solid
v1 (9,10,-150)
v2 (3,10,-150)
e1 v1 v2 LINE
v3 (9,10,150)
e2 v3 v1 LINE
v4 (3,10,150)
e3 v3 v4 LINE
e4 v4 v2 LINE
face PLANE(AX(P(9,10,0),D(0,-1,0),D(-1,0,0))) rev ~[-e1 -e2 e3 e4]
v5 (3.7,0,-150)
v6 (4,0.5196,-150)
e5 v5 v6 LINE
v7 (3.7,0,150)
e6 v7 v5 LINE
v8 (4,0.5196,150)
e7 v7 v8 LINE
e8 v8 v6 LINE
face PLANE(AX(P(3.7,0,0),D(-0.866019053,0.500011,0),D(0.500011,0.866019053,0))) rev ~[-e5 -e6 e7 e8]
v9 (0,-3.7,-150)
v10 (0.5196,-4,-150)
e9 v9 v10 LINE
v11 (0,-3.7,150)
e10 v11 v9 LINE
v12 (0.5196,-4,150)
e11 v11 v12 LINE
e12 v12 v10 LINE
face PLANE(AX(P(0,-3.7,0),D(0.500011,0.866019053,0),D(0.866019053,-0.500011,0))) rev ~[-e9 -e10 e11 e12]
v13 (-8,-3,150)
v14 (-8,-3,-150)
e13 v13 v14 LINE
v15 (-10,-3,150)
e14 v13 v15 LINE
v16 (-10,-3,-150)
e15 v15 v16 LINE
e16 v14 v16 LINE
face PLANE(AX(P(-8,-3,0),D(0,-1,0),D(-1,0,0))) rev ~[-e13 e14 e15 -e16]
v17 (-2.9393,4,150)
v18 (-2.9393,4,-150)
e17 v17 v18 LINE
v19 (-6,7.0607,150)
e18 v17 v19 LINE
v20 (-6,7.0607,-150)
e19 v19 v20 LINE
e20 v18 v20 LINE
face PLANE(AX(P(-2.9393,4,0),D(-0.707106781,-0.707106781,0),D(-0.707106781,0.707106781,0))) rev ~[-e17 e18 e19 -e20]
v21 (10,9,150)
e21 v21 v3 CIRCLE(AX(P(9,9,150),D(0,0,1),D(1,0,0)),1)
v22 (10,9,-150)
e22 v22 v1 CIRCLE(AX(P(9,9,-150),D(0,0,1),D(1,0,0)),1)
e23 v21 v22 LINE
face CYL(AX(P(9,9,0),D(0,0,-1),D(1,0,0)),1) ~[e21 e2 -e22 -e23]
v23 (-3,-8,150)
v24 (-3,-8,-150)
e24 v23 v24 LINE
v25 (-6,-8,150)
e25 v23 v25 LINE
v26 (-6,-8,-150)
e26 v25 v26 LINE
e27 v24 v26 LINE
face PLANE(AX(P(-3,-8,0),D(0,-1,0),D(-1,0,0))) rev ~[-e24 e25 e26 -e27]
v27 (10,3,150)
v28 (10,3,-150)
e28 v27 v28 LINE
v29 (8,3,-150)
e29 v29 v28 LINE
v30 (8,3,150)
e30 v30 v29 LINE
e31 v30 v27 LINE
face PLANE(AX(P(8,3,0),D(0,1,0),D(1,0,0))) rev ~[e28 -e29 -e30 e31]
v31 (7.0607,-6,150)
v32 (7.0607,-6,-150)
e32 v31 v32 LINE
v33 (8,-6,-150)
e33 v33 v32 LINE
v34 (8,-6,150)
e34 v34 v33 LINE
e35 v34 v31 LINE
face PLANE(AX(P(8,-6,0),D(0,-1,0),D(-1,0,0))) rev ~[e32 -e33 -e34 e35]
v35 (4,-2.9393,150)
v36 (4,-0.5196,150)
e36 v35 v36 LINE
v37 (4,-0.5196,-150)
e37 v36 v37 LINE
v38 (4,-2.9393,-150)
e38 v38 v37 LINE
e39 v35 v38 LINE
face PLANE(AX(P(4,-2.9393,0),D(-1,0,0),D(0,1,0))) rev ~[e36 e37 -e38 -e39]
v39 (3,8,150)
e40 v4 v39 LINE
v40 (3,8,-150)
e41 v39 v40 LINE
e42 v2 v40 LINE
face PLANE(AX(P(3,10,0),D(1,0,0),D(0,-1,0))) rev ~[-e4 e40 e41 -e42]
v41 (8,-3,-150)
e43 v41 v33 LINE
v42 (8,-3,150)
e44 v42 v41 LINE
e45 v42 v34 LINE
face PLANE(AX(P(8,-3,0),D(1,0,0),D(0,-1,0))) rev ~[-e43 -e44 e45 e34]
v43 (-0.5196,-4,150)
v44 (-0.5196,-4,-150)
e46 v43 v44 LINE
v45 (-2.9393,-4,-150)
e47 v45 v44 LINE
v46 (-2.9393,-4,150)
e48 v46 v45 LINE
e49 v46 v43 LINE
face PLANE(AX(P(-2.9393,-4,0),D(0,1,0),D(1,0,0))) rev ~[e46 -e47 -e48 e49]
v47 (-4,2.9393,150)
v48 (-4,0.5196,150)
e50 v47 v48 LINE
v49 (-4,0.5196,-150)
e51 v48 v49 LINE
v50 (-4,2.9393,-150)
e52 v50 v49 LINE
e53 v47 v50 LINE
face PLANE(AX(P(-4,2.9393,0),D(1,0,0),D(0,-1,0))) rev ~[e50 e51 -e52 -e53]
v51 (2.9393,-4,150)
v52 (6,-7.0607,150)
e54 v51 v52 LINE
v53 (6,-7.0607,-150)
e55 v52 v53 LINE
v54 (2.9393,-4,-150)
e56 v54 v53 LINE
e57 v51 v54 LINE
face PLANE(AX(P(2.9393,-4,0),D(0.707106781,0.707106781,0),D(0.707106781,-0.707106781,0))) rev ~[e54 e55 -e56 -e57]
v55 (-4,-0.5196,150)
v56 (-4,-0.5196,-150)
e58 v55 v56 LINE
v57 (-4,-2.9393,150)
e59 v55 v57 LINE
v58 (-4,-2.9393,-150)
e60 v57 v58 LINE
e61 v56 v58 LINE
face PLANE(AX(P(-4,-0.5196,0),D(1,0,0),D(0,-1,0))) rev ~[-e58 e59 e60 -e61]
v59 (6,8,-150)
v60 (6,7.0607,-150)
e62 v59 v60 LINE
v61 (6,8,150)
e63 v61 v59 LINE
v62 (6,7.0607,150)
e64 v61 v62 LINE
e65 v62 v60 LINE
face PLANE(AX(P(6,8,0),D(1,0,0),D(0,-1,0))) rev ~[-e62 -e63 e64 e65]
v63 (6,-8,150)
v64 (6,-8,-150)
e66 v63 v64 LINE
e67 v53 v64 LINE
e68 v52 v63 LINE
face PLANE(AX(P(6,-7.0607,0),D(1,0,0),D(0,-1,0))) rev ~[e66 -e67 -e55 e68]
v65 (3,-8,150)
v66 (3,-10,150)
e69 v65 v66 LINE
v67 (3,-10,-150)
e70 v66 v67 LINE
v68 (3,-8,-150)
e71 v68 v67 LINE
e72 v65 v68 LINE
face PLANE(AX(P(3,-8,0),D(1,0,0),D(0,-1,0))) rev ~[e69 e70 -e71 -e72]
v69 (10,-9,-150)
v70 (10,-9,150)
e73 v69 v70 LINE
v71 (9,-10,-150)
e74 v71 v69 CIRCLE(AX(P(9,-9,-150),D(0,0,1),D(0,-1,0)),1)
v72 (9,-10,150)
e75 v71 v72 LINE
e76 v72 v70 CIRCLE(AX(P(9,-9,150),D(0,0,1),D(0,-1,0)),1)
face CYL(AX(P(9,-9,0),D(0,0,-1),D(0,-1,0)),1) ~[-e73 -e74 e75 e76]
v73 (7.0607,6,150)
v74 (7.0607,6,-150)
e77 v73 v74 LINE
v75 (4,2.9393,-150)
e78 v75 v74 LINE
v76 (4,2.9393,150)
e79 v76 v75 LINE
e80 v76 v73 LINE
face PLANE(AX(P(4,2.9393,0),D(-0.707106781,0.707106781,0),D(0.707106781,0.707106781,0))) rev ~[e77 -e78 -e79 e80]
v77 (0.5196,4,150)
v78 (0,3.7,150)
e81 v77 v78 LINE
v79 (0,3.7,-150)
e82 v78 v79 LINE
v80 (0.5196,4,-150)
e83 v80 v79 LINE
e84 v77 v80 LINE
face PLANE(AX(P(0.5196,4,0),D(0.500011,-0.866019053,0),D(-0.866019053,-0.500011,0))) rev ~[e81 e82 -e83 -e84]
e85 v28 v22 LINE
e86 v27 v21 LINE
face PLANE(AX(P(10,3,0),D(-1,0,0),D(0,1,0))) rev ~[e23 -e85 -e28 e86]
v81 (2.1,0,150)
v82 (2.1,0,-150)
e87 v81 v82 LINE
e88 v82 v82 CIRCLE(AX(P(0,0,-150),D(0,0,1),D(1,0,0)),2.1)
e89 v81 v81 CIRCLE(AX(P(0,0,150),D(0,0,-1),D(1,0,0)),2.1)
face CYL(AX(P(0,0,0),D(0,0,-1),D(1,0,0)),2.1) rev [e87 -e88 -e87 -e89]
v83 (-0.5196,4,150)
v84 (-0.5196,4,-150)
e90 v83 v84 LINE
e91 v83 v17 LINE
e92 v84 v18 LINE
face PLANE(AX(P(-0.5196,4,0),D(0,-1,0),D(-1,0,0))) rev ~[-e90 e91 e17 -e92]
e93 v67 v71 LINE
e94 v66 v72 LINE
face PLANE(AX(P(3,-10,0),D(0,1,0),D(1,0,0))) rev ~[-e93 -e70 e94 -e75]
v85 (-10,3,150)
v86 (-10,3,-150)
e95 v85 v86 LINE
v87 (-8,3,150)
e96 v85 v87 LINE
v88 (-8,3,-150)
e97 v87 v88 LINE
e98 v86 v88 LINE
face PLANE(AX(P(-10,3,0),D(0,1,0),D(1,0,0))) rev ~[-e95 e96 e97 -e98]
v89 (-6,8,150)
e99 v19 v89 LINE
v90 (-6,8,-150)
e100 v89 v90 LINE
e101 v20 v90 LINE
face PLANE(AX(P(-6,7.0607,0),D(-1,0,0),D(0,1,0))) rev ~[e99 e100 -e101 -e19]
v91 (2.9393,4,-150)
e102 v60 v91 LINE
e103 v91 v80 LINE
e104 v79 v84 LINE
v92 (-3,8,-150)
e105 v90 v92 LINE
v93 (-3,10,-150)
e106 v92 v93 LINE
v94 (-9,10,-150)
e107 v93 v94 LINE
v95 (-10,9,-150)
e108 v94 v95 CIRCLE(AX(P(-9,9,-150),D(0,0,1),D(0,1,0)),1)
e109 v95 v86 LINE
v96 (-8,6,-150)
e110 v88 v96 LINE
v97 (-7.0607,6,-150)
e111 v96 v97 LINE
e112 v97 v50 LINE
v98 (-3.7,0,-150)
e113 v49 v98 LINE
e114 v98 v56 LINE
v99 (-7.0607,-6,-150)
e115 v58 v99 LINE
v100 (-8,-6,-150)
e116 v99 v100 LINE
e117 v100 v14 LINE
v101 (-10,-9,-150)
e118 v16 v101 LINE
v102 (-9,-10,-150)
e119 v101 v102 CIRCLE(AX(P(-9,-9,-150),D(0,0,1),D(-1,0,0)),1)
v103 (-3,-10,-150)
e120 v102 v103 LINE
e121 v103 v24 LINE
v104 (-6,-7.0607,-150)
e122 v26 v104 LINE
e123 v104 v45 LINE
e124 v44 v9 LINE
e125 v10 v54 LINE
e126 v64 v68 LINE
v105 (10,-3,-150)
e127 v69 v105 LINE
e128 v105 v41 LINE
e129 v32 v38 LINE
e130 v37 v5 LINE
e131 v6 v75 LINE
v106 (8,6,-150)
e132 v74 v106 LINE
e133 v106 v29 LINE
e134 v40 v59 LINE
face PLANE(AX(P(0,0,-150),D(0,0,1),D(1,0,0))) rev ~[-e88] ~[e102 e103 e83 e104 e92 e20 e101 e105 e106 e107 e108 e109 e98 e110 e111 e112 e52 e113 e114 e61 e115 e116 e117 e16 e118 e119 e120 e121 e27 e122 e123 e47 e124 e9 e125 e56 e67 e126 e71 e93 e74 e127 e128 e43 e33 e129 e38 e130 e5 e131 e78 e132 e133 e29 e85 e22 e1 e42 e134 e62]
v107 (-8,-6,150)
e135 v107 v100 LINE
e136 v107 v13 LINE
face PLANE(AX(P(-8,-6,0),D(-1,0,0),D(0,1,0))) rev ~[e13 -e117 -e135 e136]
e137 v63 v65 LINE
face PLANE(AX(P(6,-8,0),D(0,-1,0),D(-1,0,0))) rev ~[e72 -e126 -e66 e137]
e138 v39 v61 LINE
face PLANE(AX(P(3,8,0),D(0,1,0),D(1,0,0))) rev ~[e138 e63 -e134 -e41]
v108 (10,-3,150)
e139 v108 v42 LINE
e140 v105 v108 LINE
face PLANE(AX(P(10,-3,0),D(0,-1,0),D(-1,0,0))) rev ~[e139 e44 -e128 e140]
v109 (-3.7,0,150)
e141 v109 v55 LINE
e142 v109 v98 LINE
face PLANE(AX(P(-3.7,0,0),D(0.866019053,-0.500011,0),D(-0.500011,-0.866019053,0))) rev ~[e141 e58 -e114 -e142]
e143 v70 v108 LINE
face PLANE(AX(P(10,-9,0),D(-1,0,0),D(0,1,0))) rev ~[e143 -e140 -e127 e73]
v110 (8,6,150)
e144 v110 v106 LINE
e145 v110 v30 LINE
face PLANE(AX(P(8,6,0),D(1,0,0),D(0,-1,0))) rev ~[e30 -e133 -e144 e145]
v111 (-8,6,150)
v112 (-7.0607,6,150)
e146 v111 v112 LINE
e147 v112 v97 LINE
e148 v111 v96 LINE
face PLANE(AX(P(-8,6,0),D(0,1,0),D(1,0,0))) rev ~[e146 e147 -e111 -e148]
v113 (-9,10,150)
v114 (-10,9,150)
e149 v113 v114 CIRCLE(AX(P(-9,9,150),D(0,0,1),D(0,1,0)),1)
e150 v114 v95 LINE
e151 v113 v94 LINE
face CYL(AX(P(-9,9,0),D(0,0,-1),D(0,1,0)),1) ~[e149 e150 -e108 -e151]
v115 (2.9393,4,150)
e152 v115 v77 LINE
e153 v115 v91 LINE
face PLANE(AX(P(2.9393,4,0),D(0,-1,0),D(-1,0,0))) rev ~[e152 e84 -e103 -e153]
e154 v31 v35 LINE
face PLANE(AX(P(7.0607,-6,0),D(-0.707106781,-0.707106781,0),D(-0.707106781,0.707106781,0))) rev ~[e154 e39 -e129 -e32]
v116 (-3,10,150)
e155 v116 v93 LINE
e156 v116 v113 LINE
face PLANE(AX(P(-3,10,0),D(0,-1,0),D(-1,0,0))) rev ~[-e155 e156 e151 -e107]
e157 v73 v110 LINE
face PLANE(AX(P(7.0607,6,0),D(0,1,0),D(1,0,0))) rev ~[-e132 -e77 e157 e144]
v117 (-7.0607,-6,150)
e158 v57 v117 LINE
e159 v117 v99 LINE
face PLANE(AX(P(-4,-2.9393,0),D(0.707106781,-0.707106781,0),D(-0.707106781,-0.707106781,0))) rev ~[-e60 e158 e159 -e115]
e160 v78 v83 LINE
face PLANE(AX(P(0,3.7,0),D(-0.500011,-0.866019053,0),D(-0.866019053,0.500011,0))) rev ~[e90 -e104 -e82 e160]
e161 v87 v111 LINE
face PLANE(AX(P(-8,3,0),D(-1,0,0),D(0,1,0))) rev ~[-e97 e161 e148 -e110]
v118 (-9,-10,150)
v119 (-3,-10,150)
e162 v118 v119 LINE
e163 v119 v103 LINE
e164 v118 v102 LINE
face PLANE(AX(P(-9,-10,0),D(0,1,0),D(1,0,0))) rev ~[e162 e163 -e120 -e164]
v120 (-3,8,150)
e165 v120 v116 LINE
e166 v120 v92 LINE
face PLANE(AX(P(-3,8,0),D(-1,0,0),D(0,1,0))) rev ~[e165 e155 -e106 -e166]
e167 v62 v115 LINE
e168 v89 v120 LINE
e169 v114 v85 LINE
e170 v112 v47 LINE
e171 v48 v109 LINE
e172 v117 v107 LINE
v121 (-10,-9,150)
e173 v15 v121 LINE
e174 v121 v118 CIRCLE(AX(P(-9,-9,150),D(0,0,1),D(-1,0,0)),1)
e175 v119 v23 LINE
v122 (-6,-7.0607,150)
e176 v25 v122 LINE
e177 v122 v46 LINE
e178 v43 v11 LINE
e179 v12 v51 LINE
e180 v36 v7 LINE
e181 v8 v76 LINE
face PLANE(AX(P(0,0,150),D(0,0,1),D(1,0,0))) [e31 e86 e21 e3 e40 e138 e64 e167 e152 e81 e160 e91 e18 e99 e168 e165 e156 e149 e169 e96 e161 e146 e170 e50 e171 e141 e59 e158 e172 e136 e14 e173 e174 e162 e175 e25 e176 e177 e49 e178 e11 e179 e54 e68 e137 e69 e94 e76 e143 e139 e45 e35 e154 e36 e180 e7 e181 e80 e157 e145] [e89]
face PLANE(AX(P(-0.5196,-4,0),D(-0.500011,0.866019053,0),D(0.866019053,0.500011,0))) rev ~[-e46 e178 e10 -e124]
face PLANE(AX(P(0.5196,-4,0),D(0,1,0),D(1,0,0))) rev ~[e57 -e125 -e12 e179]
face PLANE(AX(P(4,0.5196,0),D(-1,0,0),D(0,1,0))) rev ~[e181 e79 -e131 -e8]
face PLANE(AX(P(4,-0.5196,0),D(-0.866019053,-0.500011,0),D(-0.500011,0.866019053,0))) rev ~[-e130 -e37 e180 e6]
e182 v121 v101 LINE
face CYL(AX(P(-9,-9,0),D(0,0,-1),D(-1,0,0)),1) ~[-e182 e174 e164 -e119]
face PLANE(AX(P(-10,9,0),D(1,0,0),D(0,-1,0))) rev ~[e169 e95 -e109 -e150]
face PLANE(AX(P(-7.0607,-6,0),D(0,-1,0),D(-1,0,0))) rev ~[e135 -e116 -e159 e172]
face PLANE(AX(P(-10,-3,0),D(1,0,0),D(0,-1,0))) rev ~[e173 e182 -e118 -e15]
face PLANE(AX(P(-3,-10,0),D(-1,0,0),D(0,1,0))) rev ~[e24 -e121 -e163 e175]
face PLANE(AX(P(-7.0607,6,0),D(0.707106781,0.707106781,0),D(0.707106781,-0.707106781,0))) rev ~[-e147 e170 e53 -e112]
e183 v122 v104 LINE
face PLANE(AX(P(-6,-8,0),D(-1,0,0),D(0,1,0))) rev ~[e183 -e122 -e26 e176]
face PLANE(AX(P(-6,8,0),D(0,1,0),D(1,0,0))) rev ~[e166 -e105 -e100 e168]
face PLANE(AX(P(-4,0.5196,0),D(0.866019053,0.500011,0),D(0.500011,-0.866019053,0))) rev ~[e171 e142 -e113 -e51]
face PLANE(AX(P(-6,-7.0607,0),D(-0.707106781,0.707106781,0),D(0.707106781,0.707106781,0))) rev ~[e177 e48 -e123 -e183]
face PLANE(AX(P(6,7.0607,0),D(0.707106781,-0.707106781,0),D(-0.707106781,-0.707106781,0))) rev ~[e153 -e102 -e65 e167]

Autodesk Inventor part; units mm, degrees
ref_plane "YZ Plane" through (0, 0, 0) normal (1, 0, 0) x (0, 1, 0)
ref_plane "XZ Plane" through (0, 0, 0) normal (0, 1, 0) x (-1, 0, 0)
ref_plane "XY Plane" through (0, 0, 0) normal (0, 0, 1) x (1, 0, 0)
sketch "Sketch1" plane through (0, 0, 0) normal (0, 0, 1) x (1, 0, 0)
  line L0 (-2.205, 0) -> (2.205, 0)
  line L1 (0, -2.205) -> (0, 2.205)
  arc A0 (9, -10) -> (10, -9) centre (9, -9) ccw
  line L2 (-10, 9) -> (-10, 3)
  line L3 (-10, 3) -> (-8, 3)
  line L4 (-8, 3) -> (-8, 6)
  line L5 (-8, 6) -> (-7.0607, 6)
  line L6 (-7.0607, 6) -> (-4, 2.9393)
  line L7 (-4, 2.9393) -> (-4, 0.5196)
  line L8 (-4, 0.5196) -> (-3.7, 0)
  line L9 (-3.7, 0) -> (-4, -0.5196)
  line L10 (-4, -0.5196) -> (-4, -2.9393)
  line L11 (-4, -2.9393) -> (-7.0607, -6)
  line L12 (-7.0607, -6) -> (-8, -6)
  line L13 (-8, -6) -> (-8, -3)
  line L14 (-8, -3) -> (-10, -3)
  line L15 (-10, -3) -> (-10, -9)
  arc A1 (-10, -9) -> (-9, -10) centre (-9, -9) ccw
  line L16 (-9, -10) -> (-3, -10)
  line L17 (-3, -10) -> (-3, -8)
  line L18 (-3, -8) -> (-6, -8)
  line L19 (-6, -7.0607) -> (-2.9393, -4)
  line L20 (-2.9393, -4) -> (-0.5196, -4)
  line L21 (-0.5196, -4) -> (0, -3.7)
  line L22 (0, -3.7) -> (0.5196, -4)
  line L23 (0.5196, -4) -> (2.9393, -4)
  line L24 (2.9393, -4) -> (6, -7.0607)
  line L25 (6, -7.0607) -> (6, -8)
  line L26 (6, -8) -> (3, -8)
  line L27 (3, -8) -> (3, -10)
  line L28 (3, -10) -> (9, -10)
  line L29 (10, -9) -> (10, -3)
  line L30 (10, -3) -> (8, -3)
  line L31 (8, -3) -> (8, -6)
  line L32 (8, -6) -> (7.0607, -6)
  line L33 (7.0607, -6) -> (4, -2.9393)
  line L34 (4, -2.9393) -> (4, -0.5196)
  line L35 (4, -0.5196) -> (3.7, 0)
  line L36 (3.7, 0) -> (4, 0.5196)
  line L37 (4, 0.5196) -> (4, 2.9393)
  line L38 (4, 2.9393) -> (7.0607, 6)
  line L39 (7.0607, 6) -> (8, 6)
  line L40 (8, 6) -> (8, 3)
  line L41 (8, 3) -> (10, 3)
  line L42 (10, 3) -> (10, 9)
  arc A2 (10, 9) -> (9, 10) centre (9, 9) ccw
  line L43 (9, 10) -> (3, 10)
  line L44 (3, 10) -> (3, 8)
  line L45 (3, 8) -> (6, 8)
  line L46 (6, 8) -> (6, 7.0607)
  line L47 (6, 7.0607) -> (2.9393, 4)
  line L48 (2.9393, 4) -> (0.5196, 4)
  line L49 (0.5196, 4) -> (0, 3.7)
  line L50 (0, 3.7) -> (-0.5196, 4)
  line L51 (-0.5196, 4) -> (-2.9393, 4)
  line L52 (-2.9393, 4) -> (-6, 7.0607)
  line L53 (-6, 7.0607) -> (-6, 8)
  line L54 (-6, 8) -> (-3, 8)
  line L55 (-3, 8) -> (-3, 10)
  line L56 (-3, 10) -> (-9, 10)
  arc A3 (-9, 10) -> (-10, 9) centre (-9, 9) ccw
  circle A4 centre (0, 0) radius 2.1
  line L57 (-6, -8) -> (-6, -7.0607)
extrude "Extrusion1" add sketch "Sketch1" along normal mid plane 300
equation "\"d0\" = width"
equation "\"width\" = 300"
equation "\"facingThickness\" = 12.7"
equation "\"facingGasketThickness\" = 1.5875"
properties part number "HFS5-2020" material "Aluminum 6061"
